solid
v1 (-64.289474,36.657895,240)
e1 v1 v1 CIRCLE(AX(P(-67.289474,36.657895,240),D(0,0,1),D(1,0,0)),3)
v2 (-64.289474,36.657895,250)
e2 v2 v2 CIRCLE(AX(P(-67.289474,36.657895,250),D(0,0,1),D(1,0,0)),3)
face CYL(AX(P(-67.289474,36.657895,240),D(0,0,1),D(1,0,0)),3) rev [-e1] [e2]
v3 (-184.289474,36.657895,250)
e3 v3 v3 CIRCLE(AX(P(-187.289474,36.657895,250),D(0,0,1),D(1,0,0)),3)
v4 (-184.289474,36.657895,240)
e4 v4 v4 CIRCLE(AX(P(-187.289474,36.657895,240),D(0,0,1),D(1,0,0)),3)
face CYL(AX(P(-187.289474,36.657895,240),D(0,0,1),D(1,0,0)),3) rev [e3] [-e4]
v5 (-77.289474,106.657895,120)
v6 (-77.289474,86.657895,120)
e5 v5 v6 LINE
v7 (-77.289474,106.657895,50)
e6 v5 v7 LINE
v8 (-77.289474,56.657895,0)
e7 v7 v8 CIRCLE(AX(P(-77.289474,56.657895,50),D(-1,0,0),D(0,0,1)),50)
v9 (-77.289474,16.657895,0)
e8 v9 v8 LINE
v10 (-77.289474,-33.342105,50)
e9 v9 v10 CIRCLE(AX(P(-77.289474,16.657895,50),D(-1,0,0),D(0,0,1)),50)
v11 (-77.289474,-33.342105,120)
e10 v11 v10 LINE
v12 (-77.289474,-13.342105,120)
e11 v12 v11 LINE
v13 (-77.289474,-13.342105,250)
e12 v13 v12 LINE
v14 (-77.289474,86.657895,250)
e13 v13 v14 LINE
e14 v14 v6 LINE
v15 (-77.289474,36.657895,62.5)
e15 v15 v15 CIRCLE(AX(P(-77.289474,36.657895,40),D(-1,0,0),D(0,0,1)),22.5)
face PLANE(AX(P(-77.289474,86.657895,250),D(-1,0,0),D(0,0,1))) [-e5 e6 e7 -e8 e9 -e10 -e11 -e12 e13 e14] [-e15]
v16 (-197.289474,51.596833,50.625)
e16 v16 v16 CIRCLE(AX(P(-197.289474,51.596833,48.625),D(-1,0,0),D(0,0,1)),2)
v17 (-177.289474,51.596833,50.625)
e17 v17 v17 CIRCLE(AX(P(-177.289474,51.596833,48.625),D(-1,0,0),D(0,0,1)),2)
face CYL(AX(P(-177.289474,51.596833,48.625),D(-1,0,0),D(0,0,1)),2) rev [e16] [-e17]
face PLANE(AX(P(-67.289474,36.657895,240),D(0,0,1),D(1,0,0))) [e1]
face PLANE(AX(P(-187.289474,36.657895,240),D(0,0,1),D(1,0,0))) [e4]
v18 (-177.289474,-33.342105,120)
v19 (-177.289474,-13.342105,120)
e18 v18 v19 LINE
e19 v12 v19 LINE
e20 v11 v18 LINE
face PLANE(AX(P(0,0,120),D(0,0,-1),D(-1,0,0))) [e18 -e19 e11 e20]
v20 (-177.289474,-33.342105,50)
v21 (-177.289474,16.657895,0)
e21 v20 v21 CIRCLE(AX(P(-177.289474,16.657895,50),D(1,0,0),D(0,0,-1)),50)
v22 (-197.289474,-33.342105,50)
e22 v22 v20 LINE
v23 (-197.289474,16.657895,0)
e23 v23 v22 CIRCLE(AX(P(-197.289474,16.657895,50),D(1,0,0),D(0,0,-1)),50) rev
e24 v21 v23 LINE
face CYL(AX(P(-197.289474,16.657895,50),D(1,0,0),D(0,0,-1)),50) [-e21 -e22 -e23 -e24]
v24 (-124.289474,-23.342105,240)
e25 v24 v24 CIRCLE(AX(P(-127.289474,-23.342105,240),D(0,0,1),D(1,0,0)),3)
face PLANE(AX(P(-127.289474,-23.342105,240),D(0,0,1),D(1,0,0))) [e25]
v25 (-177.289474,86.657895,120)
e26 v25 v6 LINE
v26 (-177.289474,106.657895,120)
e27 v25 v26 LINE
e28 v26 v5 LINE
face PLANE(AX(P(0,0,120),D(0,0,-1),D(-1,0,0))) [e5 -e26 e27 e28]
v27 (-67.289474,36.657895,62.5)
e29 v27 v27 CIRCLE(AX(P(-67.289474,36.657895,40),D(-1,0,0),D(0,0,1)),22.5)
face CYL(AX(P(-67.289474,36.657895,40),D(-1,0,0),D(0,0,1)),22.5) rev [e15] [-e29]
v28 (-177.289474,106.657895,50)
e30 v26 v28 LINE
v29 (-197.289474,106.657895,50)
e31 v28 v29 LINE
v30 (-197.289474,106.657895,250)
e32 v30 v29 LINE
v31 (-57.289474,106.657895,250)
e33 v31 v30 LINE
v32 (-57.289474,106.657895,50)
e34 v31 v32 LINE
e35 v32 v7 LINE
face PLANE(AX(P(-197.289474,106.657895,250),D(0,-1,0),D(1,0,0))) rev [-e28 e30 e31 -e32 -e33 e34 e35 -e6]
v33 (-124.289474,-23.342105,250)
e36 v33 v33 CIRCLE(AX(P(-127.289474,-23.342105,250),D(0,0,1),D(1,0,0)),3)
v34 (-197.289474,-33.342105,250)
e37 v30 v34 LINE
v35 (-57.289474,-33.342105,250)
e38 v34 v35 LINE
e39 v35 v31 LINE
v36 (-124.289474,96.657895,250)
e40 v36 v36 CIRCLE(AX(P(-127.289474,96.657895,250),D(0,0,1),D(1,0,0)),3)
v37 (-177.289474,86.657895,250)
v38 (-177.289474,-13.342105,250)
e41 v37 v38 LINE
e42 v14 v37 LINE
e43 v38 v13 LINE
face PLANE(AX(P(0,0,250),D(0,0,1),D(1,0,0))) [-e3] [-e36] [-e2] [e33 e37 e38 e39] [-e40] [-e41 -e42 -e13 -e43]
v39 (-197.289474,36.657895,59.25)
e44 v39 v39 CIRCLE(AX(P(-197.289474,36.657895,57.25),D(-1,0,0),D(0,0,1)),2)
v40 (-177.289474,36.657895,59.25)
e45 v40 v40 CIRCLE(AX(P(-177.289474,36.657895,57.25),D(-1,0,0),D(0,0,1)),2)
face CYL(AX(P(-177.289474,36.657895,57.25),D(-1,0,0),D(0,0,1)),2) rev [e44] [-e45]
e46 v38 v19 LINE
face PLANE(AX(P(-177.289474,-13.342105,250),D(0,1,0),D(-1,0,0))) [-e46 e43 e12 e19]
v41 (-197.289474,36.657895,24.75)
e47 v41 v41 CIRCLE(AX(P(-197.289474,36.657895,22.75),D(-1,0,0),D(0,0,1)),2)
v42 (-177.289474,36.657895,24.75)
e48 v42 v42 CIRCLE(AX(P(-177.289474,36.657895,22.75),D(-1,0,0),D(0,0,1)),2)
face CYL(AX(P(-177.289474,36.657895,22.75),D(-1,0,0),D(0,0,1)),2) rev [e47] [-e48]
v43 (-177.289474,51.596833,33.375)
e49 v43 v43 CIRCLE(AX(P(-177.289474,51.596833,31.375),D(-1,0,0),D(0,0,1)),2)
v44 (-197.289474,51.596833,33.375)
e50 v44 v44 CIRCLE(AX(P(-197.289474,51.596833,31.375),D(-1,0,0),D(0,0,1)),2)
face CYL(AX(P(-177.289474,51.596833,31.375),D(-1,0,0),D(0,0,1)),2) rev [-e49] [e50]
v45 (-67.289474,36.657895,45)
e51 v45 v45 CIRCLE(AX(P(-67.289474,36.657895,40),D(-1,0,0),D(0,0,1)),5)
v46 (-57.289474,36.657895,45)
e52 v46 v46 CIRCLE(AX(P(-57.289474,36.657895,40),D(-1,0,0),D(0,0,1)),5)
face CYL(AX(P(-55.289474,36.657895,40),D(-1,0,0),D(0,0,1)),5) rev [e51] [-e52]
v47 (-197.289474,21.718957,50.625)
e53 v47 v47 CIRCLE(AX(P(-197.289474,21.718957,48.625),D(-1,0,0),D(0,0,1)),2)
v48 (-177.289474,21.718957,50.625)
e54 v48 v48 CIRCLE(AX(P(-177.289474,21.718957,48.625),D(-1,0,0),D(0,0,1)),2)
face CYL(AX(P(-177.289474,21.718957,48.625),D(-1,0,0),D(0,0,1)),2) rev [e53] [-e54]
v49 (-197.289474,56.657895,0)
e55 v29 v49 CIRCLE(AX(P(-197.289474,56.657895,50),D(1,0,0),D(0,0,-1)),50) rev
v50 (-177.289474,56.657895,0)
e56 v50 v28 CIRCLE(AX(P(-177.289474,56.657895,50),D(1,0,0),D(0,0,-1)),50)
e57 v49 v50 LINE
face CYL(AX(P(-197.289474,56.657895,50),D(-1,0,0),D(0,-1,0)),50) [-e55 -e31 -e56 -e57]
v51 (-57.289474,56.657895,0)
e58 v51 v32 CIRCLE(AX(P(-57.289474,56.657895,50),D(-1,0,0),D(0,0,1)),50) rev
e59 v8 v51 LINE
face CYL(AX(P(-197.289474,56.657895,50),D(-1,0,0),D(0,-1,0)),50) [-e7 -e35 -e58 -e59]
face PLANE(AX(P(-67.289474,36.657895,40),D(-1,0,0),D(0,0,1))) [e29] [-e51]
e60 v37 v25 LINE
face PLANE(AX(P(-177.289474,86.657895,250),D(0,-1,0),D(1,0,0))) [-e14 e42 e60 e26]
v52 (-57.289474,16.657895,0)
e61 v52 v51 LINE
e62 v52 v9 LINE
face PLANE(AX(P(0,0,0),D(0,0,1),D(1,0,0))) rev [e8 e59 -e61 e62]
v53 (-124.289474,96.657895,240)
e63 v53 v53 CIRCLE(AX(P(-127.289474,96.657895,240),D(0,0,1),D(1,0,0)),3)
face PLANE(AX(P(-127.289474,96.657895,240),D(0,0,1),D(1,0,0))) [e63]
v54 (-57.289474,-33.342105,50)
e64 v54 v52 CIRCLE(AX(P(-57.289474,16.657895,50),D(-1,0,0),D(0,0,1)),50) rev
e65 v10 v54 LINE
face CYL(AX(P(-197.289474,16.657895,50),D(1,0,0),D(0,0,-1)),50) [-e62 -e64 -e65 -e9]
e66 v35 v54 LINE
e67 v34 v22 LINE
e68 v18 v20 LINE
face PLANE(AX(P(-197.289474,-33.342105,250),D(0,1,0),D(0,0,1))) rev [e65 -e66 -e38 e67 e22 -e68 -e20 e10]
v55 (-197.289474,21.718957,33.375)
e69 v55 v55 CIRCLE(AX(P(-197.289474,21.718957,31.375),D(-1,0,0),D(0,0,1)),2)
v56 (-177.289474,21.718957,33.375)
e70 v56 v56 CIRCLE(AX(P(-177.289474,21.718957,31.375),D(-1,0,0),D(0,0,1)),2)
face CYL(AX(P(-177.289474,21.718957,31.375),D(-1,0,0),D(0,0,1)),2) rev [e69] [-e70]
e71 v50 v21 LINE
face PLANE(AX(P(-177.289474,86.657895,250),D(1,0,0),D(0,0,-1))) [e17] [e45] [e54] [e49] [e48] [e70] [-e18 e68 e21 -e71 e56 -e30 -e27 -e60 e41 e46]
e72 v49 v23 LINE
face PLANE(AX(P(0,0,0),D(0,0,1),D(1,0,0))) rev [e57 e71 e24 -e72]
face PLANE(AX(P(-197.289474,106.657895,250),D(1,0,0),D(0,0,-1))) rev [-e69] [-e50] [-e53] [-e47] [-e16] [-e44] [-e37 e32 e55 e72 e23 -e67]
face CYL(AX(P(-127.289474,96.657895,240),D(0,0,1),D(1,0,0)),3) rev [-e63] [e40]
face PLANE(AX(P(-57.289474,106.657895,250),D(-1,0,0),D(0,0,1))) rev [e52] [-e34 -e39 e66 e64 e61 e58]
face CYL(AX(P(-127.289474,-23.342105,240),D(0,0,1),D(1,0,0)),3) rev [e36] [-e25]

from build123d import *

# Parameters (mm, degrees)
SKETCH_1_W           = 140
SKETCH_1_H           = 140
SKETCH_1_W_2         = 100
SKETCH_1_H_2         = 100
EXTRUDE_3_DEPTH      = 250
SKETCH_2_W           = 100
SKETCH_2_H           = 140
CUT_EXTRUDE_1_DEPTH  = 120
SKETCH_4_R           = 15.704370783
SKETCH_4_R_2         = 3
CUT_EXTRUDE_2_DEPTH  = 10
SKETCH_8_R           = 2
CUT_EXTRUDE_3_DEPTH  = 20
FILLET_1_R           = 50
SKETCH_10_R          = 22.5
CUT_EXTRUDE_4_DEPTH  = 10
SKETCH_11_R          = 5
CUT_EXTRUDE_10_DEPTH = 12


with BuildPart() as part:
    # 草图1 → 凸台-拉伸3 (new body)
    with BuildSketch(Plane.XY):
        with Locations((-127.289473684, 36.657894737)):
            Rectangle(SKETCH_1_W, SKETCH_1_H)
        with Locations((-127.289473684, 36.657894737)):
            Rectangle(SKETCH_1_W_2, SKETCH_1_H_2, mode=Mode.SUBTRACT)
    extrude(amount=EXTRUDE_3_DEPTH)

    # 草图2 → 切除-拉伸1 (cut)
    with BuildSketch(Plane(origin=(0, 0, 0), x_dir=(-1, 0, 0), z_dir=(0, 0, -1))):
        with Locations((127.289473684, 36.657894737)):
            Rectangle(SKETCH_2_W, SKETCH_2_H)
    extrude(amount=-CUT_EXTRUDE_1_DEPTH, mode=Mode.SUBTRACT)

    # 草图4 → 切除-拉伸2 (cut)
    with BuildSketch(Plane.XY.offset(250)):
        with Locations((-127.289473684, 36.657894737)):
            Circle(SKETCH_4_R)
        with Locations((-187.289473684, 36.657894737)):
            Circle(SKETCH_4_R_2)
        with Locations((-127.289473684, 96.657894737)):
            Circle(SKETCH_4_R_2)
        with Locations((-67.289473684, 36.657894737)):
            Circle(SKETCH_4_R_2)
        with Locations((-127.289473684, -23.342105263)):
            Circle(SKETCH_4_R_2)
    extrude(amount=-CUT_EXTRUDE_2_DEPTH, mode=Mode.SUBTRACT)

    # 草图8 → 切除-拉伸3 (cut)
    with BuildSketch(Plane.ZY.offset(197.289473684)):
        with Locations((22.75, 36.657894737)):
            Circle(SKETCH_8_R)
        with Locations((31.375, 51.596832952)):
            Circle(SKETCH_8_R)
        with Locations((48.625, 51.596832952)):
            Circle(SKETCH_8_R)
        with Locations((57.25, 36.657894737)):
            Circle(SKETCH_8_R)
        with Locations((48.625, 21.718956522)):
            Circle(SKETCH_8_R)
        with Locations((31.375, 21.718956522)):
            Circle(SKETCH_8_R)
    extrude(amount=-CUT_EXTRUDE_3_DEPTH, mode=Mode.SUBTRACT)

    # 圆角1
    fillet_1_edges = [part.edges().sort_by_distance(p)[0] for p in [
        (-67.289473684, -33.342105263, 0),
        (-187.289473684, 106.657894737, 0),
        (-187.289473684, -33.342105263, 0),
        (-67.289473684, 106.657894737, 0),
    ]]
    fillet(fillet_1_edges, radius=FILLET_1_R)

    # 草图10 → 切除-拉伸4 (cut)
    with BuildSketch(Plane.ZY.offset(77.289473684)):
        with Locations((40, 36.657894737)):
            Circle(SKETCH_10_R)
    extrude(amount=-CUT_EXTRUDE_4_DEPTH, mode=Mode.SUBTRACT)

    # 草图11 → 切除-拉伸10 (cut)
    with BuildSketch(Plane.ZY.offset(67.289473684)):
        with Locations((40, 36.657894737)):
            Circle(SKETCH_11_R)
    extrude(amount=-CUT_EXTRUDE_10_DEPTH, mode=Mode.SUBTRACT)


solid = part.part
